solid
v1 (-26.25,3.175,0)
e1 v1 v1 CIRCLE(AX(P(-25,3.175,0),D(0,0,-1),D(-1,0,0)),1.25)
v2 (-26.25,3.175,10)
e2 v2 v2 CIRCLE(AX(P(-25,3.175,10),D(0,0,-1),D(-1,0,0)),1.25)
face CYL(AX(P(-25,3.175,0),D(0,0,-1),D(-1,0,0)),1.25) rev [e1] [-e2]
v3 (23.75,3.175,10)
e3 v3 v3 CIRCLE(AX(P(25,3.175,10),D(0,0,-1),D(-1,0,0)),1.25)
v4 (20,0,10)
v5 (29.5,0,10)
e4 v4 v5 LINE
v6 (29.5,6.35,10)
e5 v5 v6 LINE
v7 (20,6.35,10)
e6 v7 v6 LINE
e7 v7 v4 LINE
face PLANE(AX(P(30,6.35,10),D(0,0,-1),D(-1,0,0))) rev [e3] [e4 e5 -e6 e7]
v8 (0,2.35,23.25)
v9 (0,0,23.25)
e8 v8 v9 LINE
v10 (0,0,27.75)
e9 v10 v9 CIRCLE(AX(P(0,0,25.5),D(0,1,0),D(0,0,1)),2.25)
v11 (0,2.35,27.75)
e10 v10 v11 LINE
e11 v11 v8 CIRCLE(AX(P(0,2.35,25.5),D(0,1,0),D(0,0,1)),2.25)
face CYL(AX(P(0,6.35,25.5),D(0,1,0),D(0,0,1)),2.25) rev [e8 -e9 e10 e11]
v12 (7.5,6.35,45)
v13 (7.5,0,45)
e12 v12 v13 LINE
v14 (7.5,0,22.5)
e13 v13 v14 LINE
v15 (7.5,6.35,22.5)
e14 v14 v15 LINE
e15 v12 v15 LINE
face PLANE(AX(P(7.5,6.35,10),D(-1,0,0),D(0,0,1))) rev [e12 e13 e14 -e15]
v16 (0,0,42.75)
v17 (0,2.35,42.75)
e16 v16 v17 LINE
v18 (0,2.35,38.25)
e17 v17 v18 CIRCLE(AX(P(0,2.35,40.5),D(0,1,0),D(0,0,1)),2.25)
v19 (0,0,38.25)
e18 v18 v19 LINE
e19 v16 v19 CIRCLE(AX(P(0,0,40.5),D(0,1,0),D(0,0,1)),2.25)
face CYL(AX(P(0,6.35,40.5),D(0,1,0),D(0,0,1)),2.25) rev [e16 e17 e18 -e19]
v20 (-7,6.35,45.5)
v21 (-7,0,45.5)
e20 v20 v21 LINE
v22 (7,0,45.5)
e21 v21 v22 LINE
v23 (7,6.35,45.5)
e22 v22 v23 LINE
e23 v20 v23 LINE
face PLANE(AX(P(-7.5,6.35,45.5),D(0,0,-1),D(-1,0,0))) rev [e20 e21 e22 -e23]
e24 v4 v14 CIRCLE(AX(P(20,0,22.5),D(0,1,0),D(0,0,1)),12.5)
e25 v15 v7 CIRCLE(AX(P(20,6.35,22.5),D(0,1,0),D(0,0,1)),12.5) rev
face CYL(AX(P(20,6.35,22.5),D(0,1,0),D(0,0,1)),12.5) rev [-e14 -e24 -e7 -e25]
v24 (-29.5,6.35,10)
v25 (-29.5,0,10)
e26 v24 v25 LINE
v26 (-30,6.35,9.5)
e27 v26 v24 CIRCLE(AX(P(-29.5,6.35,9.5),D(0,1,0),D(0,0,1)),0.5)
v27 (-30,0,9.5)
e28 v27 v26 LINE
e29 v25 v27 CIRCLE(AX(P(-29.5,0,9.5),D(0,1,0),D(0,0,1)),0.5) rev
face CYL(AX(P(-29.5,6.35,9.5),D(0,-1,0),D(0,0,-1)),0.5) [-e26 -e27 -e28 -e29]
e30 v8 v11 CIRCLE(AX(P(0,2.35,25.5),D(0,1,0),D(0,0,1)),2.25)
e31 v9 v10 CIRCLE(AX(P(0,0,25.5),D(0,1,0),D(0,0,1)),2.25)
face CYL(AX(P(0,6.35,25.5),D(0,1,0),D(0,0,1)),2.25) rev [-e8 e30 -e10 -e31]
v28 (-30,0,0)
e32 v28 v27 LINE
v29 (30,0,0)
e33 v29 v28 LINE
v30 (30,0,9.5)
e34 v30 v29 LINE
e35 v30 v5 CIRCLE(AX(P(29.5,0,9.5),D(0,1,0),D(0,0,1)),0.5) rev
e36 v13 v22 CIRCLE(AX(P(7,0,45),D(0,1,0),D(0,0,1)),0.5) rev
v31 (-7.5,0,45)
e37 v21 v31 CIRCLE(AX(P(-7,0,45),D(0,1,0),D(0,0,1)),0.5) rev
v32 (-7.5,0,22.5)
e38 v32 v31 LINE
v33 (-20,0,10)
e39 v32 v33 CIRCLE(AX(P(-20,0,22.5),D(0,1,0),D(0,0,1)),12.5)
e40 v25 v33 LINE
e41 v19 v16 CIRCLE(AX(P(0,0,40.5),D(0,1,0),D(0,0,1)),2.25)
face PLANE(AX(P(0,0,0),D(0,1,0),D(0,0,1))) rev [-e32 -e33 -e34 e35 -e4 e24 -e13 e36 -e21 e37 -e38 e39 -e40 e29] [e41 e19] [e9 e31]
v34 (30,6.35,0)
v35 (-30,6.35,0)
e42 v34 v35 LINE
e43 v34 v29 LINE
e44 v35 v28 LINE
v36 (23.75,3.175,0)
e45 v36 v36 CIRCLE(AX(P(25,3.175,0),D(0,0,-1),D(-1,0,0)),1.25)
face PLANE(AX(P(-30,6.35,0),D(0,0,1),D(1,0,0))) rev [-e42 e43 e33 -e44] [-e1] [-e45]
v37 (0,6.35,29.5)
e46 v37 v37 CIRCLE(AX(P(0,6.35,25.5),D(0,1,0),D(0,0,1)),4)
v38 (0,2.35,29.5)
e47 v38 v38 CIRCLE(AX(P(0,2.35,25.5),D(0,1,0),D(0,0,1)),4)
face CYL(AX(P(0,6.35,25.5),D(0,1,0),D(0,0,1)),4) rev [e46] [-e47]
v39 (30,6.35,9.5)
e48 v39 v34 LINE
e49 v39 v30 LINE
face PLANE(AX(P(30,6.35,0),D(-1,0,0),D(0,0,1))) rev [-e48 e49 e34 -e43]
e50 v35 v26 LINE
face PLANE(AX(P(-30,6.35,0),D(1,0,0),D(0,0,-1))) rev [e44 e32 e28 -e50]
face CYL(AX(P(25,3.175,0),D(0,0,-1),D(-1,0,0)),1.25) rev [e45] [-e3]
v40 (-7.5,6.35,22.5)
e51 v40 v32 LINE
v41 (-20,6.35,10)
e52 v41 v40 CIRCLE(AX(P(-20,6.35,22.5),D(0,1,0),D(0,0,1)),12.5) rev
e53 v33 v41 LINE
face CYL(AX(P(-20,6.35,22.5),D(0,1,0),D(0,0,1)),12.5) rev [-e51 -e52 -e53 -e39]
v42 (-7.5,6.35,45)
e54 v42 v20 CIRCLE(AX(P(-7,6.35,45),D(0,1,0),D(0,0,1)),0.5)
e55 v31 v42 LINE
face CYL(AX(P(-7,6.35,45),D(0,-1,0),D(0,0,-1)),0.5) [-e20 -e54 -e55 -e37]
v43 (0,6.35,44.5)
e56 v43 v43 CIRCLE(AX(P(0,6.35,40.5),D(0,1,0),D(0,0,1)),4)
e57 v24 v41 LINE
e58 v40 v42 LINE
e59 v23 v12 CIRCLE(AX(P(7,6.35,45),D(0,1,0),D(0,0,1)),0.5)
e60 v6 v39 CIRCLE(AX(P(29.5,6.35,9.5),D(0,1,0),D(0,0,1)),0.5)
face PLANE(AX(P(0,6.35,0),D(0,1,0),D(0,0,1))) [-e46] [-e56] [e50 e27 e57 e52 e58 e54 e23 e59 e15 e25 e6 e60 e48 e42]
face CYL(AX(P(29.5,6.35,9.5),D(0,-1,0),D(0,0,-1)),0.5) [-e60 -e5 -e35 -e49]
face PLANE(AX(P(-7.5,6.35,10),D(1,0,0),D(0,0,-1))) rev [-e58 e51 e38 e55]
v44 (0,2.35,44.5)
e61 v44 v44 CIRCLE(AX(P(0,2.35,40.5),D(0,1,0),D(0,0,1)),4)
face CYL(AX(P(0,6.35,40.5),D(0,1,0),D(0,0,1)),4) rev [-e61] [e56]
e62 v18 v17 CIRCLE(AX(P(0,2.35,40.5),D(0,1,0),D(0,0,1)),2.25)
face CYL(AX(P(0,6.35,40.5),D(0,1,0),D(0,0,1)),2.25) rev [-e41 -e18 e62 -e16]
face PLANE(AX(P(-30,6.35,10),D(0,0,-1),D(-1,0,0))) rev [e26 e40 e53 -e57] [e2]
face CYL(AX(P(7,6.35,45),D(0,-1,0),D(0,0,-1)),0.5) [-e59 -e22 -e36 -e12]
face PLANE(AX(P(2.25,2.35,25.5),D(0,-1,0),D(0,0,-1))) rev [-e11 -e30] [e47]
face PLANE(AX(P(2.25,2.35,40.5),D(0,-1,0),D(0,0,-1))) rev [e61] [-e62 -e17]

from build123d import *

# Parameters (mm, degrees)
BOSS_EXTRUDE1_DEPTH            = 6.35
FILLET1_R                      = 12.5
CBORE_FOR_M4_SHCS1_D           = 4.5
CBORE_FOR_M4_SHCS1_CBORE_D     = 8
CBORE_FOR_M4_SHCS1_CBORE_DEPTH = 4
M3X0_5_TAPPED_HOLE1_D          = 2.5
M3X0_5_TAPPED_HOLE1_DEPTH      = 10
FILLET2_R                      = 0.5
FILLET3_R                      = 0.5


with BuildPart() as part:
    # Sketch2 → Boss-Extrude1 (new body)
    with BuildSketch(Plane(origin=(0, 0, 0), x_dir=(1, 0, 0), z_dir=(0, 1, 0))):
        Polygon((-30, 0), (30, 0), (30, -10), (7.5, -10), (7.5, -45.5), (-7.5, -45.5), (-7.5, -10), (-30, -10), align=None)
    extrude(amount=BOSS_EXTRUDE1_DEPTH)

    # Fillet1
    fillet1_edges = [part.edges().sort_by_distance(p)[0] for p in [
        (-7.5, 3.175, 10),
        (7.5, 3.175, 10),
    ]]
    fillet(fillet1_edges, radius=FILLET1_R)

    # CBORE for M4 SHCS1 (through all)
    with Locations(Plane(origin=(0, 6.35, 0), x_dir=(1, 0, 0), z_dir=(0, 1, 0))):
        with Locations((0, -40.5), (0, -25.5)):
            CounterBoreHole(CBORE_FOR_M4_SHCS1_D / 2, CBORE_FOR_M4_SHCS1_CBORE_D / 2, CBORE_FOR_M4_SHCS1_CBORE_DEPTH)

    # M3x0.5 Tapped Hole1
    with Locations(Plane(origin=(0, 0, 0), x_dir=(-1, 0, 0), z_dir=(0, 0, -1))):
        with Locations((-25, 3.175), (25, 3.175)):
            Hole(M3X0_5_TAPPED_HOLE1_D / 2, depth=M3X0_5_TAPPED_HOLE1_DEPTH)

    # Fillet2
    fillet2_edges = [part.edges().sort_by_distance(p)[0] for p in [
        (-30, 3.175, 10),
        (30, 3.175, 10),
    ]]
    fillet(fillet2_edges, radius=FILLET2_R)

    # Fillet3
    fillet3_edges = [part.edges().sort_by_distance(p)[0] for p in [
        (7.5, 3.175, 45.5),
        (-7.5, 3.175, 45.5),
    ]]
    fillet(fillet3_edges, radius=FILLET3_R)


solid = part.part
